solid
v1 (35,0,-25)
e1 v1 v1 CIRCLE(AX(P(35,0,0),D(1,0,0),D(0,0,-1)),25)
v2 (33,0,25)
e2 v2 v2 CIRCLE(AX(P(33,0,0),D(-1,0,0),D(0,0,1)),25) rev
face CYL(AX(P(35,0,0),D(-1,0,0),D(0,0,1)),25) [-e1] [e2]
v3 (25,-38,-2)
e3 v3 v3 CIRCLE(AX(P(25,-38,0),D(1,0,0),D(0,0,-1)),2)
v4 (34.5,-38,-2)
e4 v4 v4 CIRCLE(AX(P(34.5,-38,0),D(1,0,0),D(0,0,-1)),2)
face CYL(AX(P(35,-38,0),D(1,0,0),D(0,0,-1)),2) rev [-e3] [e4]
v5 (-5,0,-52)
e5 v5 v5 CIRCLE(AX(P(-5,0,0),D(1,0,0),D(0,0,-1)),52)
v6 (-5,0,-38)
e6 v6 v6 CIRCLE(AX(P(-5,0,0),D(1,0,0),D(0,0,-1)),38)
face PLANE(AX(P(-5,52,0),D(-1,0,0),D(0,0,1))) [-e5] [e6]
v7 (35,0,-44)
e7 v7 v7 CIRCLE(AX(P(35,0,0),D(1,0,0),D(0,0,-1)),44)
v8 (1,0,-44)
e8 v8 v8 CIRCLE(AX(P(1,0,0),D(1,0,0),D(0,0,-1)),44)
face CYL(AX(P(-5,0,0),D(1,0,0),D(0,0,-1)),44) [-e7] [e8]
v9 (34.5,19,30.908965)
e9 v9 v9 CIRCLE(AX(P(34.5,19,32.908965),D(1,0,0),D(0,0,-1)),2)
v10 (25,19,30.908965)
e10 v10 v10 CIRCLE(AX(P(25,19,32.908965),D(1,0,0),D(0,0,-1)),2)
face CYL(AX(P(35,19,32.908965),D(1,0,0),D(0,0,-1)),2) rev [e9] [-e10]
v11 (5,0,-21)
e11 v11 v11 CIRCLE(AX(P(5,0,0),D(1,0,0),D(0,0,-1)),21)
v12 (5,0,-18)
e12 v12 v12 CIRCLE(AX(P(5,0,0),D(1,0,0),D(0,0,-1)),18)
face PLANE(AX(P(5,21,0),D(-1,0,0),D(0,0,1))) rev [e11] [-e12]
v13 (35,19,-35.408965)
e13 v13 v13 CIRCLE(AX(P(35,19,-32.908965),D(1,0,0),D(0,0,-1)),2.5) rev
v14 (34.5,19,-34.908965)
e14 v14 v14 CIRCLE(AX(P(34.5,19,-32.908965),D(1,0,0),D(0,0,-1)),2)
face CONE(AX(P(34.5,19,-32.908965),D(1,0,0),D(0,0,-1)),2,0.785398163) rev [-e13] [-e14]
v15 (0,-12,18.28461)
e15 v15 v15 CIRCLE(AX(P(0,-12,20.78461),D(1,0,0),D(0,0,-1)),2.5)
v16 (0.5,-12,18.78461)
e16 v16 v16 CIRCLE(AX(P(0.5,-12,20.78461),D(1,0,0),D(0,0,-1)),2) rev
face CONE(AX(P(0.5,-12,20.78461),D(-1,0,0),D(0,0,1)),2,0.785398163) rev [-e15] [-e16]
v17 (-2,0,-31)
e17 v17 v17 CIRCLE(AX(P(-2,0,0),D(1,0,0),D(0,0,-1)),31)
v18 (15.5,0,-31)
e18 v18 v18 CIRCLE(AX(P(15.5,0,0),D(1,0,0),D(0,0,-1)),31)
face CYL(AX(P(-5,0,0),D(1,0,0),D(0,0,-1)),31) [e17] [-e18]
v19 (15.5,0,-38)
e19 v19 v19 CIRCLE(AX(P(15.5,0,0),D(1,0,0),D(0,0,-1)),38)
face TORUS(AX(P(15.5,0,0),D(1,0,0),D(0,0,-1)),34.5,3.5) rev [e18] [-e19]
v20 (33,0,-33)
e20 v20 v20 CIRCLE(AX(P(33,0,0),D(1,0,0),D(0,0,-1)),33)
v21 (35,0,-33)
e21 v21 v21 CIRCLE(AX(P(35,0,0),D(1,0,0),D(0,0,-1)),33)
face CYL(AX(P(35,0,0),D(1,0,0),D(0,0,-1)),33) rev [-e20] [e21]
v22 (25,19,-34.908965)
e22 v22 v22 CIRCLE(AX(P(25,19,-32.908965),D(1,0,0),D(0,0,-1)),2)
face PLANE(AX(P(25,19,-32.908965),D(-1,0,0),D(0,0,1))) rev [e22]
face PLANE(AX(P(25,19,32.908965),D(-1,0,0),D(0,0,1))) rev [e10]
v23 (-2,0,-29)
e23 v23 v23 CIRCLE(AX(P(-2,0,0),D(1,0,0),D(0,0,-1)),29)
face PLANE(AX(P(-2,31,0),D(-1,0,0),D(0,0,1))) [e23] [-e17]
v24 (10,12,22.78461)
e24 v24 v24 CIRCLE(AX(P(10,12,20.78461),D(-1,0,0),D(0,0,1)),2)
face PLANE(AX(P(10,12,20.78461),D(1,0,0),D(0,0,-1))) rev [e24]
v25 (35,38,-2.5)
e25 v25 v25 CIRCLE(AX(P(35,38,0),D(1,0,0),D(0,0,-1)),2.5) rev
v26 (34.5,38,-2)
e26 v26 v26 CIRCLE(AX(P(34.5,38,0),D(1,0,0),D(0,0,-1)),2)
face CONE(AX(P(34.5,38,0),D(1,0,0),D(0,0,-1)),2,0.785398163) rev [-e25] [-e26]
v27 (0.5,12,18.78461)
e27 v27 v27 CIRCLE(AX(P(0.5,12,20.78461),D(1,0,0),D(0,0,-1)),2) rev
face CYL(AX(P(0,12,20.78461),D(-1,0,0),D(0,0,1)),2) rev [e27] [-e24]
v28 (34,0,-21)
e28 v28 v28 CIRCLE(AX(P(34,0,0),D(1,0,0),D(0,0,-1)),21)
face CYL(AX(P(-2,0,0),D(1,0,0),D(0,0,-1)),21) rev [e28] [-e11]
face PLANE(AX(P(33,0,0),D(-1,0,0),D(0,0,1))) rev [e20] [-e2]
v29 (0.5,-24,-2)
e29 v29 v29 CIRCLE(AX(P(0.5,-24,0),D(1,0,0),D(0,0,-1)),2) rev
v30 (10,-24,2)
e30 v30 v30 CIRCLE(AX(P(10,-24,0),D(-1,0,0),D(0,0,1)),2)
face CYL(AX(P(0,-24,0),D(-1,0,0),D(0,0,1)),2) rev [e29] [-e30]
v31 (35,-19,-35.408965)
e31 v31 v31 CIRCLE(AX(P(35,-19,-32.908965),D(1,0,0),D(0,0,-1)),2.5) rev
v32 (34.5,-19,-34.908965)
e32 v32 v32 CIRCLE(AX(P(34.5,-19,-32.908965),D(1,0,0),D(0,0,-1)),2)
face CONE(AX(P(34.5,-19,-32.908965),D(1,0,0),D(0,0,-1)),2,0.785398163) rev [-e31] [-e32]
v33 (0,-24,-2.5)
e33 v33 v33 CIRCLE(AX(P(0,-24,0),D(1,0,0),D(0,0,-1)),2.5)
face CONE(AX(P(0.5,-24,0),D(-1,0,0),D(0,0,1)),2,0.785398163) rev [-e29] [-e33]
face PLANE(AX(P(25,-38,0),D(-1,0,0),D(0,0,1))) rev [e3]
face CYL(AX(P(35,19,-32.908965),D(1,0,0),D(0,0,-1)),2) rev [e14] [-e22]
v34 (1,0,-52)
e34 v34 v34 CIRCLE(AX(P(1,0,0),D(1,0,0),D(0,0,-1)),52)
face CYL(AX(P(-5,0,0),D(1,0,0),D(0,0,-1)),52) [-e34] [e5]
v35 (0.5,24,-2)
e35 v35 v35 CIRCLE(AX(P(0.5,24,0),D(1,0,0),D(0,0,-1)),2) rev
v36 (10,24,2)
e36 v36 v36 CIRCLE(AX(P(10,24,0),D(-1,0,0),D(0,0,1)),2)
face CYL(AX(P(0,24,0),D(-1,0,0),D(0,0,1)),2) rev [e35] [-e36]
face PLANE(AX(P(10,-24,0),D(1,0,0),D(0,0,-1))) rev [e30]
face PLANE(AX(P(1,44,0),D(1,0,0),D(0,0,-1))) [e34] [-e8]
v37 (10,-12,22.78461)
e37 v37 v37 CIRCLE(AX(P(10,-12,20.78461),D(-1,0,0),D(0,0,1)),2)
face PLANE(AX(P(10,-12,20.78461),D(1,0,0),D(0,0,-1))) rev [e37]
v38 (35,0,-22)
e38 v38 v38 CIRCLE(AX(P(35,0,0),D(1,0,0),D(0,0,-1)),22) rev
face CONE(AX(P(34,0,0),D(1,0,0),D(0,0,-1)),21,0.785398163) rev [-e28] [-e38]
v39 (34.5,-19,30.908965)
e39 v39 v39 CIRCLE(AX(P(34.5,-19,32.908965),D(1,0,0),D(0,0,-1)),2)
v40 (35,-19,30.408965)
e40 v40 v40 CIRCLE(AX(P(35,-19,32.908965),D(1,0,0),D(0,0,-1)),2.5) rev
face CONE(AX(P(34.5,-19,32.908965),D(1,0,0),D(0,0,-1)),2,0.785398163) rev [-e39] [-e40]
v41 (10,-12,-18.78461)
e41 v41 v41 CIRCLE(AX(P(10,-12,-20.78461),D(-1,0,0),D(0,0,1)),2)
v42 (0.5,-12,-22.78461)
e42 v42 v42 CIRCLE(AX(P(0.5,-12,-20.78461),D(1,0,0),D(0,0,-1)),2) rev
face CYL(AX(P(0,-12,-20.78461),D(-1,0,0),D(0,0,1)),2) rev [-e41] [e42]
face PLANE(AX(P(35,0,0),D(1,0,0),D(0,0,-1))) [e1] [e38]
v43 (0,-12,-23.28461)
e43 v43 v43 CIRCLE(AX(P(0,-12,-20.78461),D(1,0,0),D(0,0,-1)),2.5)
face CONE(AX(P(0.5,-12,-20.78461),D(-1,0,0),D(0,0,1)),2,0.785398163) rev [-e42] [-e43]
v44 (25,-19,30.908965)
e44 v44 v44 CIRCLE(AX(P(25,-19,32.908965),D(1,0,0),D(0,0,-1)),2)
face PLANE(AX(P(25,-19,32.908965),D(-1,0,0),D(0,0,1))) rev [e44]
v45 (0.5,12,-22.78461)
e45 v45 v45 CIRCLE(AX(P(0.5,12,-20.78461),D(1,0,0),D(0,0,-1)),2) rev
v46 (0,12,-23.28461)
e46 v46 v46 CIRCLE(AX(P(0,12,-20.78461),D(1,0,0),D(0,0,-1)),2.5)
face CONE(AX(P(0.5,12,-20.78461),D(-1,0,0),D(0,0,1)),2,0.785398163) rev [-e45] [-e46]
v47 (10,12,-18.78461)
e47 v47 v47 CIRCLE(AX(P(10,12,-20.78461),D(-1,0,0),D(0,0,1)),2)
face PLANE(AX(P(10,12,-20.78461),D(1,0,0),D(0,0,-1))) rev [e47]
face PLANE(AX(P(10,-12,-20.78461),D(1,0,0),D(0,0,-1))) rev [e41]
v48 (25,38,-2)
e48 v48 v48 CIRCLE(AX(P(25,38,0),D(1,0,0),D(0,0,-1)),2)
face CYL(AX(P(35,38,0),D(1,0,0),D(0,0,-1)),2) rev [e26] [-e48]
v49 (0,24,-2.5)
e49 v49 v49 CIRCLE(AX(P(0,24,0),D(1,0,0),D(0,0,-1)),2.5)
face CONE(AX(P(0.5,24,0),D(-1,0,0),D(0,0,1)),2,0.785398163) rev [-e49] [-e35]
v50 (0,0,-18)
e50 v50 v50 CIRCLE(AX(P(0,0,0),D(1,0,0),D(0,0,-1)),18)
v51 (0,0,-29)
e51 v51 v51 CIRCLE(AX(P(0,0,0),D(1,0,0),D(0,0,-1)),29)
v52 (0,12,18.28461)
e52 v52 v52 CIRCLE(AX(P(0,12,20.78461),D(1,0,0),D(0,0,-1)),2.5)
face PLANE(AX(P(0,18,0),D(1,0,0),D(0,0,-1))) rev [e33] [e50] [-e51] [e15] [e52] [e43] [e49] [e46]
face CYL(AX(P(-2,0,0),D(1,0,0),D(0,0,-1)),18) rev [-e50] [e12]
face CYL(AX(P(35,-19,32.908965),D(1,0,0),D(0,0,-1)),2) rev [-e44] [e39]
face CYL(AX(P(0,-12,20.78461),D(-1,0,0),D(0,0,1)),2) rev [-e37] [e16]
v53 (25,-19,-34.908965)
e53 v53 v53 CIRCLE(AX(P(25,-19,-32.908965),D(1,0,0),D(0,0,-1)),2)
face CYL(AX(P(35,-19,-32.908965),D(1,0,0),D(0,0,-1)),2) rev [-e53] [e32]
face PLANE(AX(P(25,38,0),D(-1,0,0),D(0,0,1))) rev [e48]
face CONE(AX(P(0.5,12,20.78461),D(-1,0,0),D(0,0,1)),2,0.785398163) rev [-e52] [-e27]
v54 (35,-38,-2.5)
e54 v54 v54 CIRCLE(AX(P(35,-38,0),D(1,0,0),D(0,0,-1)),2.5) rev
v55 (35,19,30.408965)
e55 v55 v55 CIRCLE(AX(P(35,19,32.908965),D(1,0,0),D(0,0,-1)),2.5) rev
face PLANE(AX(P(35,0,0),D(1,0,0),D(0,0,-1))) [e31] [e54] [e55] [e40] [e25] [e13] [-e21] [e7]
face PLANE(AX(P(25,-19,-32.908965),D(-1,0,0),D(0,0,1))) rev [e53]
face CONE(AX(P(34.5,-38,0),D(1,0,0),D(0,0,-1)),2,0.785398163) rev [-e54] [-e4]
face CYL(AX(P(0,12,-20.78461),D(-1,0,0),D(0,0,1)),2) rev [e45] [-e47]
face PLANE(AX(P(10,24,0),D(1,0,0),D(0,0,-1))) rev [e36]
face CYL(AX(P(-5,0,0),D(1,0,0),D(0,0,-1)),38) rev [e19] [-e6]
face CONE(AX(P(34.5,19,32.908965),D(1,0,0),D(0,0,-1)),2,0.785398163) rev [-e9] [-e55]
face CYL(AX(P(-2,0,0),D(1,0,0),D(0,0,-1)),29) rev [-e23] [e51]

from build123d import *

# Parameters (mm, degrees)
HOLE_WIZARD_M561_D        = 66
HOLE_WIZARD_M561_DEPTH    = 2
SKETCH_4_R                = 25
EXTRUDE_1_DEPTH           = 2
HOLE_WIZARD_4_0_4_1_D     = 4
HOLE_WIZARD_4_0_4_1_DEPTH = 10
HOLE_WIZARD_4_0_4_2_D     = 4
HOLE_WIZARD_4_0_4_2_DEPTH = 10
CHAMFER_1_SIZE            = 1
CHAMFER_2_SIZE            = 0.5


with BuildPart() as part:
    # Эскиз1 → Повернуть1 (revolve)
    with BuildSketch(Plane.XY, mode=Mode.PRIVATE) as revolve_1_sk:
        with BuildLine():
            Line((-2, 31), (-2, 0))
            Line((-2, 0), (35, 0))
            Line((35, 0), (35, 44))
            Line((35, 44), (1, 44))
            Line((1, 44), (1, 52))
            Line((1, 52), (-5, 52))
            Line((-5, 52), (-5, 38))
            Line((-5, 38), (15.5, 38))
            ThreePointArc((15.5, 38), (19, 34.5), (15.5, 31))
            Line((15.5, 31), (-2, 31))
        make_face()
    revolve(revolve_1_sk.sketch.rotate(Axis((-5, 0, 0), (1, 0, 0)), 270), axis=Axis((-5, 0, 0), (1, 0, 0)))

    # Отверстие с зазором M561
    with Locations(Plane(origin=(35, 0, 0), x_dir=(0, 0, -1), z_dir=(1, 0, 0))):
        with Locations((0, 0)):
            Hole(HOLE_WIZARD_M561_D / 2, depth=HOLE_WIZARD_M561_DEPTH)

    # Эскиз4 → Бобышка-Вытянуть1 (add)
    with BuildSketch(Plane(origin=(33, 0, 0), x_dir=(0, 0, -1), z_dir=(1, 0, 0))):
        with Locations(Location((0, 0, 0), (0, 0, 180))):
            Circle(SKETCH_4_R)
    extrude(amount=EXTRUDE_1_DEPTH)

    # Эскиз5 → Вырез-Повернуть1 (revolve, cut)
    with BuildSketch(Plane.XY, mode=Mode.PRIVATE) as cut_revolve_1_sk:
        Polygon((-2, 29), (-2, 0), (35, 0), (35, 21), (5, 21), (5, 18), (0, 18), (0, 29), align=None)
    revolve(cut_revolve_1_sk.sketch.rotate(Axis((-2, 0, 0), (1, 0, 0)), 270), axis=Axis((-2, 0, 0), (1, 0, 0)), mode=Mode.SUBTRACT)

    # Диаметр отверстия Ø4.0 (4)1
    with Locations(Plane(origin=(35, 0, 0), x_dir=(0, 0, -1), z_dir=(1, 0, 0))):
        with Locations((-32.908965344, -19), (0, 38), (32.908965344, 19), (32.908965344, -19), (0, -38), (-32.908965344, 19)):
            Hole(HOLE_WIZARD_4_0_4_1_D / 2, depth=HOLE_WIZARD_4_0_4_1_DEPTH)

    # Диаметр отверстия Ø4.0 (4)2
    with Locations(Plane.ZY):
        with Locations((20.784609691, 12), (-20.784609691, 12), (0, -24), (20.784609691, -12), (-20.784609691, -12), (0, 24)):
            Hole(HOLE_WIZARD_4_0_4_2_D / 2, depth=HOLE_WIZARD_4_0_4_2_DEPTH)

    # Фаска1
    chamfer_1_edges = [part.edges().sort_by_distance(p)[0] for p in [
        (35, 0, 21),
    ]]
    chamfer(chamfer_1_edges, length=CHAMFER_1_SIZE)

    # Фаска2
    chamfer_2_edges = [part.edges().sort_by_distance(p)[0] for p in [
        (35, 19, 30.908965344),
        (35, -38, -2),
        (35, -19, -34.908965344),
        (35, 19, -34.908965344),
        (35, 38, -2),
        (35, -19, 30.908965344),
        (0, 24, 2),
        (0, -12, -18.784609691),
        (0, -12, 22.784609691),
        (0, -24, 2),
        (0, 12, -18.784609691),
        (0, 12, 22.784609691),
    ]]
    chamfer(chamfer_2_edges, length=CHAMFER_2_SIZE)


solid = part.part
